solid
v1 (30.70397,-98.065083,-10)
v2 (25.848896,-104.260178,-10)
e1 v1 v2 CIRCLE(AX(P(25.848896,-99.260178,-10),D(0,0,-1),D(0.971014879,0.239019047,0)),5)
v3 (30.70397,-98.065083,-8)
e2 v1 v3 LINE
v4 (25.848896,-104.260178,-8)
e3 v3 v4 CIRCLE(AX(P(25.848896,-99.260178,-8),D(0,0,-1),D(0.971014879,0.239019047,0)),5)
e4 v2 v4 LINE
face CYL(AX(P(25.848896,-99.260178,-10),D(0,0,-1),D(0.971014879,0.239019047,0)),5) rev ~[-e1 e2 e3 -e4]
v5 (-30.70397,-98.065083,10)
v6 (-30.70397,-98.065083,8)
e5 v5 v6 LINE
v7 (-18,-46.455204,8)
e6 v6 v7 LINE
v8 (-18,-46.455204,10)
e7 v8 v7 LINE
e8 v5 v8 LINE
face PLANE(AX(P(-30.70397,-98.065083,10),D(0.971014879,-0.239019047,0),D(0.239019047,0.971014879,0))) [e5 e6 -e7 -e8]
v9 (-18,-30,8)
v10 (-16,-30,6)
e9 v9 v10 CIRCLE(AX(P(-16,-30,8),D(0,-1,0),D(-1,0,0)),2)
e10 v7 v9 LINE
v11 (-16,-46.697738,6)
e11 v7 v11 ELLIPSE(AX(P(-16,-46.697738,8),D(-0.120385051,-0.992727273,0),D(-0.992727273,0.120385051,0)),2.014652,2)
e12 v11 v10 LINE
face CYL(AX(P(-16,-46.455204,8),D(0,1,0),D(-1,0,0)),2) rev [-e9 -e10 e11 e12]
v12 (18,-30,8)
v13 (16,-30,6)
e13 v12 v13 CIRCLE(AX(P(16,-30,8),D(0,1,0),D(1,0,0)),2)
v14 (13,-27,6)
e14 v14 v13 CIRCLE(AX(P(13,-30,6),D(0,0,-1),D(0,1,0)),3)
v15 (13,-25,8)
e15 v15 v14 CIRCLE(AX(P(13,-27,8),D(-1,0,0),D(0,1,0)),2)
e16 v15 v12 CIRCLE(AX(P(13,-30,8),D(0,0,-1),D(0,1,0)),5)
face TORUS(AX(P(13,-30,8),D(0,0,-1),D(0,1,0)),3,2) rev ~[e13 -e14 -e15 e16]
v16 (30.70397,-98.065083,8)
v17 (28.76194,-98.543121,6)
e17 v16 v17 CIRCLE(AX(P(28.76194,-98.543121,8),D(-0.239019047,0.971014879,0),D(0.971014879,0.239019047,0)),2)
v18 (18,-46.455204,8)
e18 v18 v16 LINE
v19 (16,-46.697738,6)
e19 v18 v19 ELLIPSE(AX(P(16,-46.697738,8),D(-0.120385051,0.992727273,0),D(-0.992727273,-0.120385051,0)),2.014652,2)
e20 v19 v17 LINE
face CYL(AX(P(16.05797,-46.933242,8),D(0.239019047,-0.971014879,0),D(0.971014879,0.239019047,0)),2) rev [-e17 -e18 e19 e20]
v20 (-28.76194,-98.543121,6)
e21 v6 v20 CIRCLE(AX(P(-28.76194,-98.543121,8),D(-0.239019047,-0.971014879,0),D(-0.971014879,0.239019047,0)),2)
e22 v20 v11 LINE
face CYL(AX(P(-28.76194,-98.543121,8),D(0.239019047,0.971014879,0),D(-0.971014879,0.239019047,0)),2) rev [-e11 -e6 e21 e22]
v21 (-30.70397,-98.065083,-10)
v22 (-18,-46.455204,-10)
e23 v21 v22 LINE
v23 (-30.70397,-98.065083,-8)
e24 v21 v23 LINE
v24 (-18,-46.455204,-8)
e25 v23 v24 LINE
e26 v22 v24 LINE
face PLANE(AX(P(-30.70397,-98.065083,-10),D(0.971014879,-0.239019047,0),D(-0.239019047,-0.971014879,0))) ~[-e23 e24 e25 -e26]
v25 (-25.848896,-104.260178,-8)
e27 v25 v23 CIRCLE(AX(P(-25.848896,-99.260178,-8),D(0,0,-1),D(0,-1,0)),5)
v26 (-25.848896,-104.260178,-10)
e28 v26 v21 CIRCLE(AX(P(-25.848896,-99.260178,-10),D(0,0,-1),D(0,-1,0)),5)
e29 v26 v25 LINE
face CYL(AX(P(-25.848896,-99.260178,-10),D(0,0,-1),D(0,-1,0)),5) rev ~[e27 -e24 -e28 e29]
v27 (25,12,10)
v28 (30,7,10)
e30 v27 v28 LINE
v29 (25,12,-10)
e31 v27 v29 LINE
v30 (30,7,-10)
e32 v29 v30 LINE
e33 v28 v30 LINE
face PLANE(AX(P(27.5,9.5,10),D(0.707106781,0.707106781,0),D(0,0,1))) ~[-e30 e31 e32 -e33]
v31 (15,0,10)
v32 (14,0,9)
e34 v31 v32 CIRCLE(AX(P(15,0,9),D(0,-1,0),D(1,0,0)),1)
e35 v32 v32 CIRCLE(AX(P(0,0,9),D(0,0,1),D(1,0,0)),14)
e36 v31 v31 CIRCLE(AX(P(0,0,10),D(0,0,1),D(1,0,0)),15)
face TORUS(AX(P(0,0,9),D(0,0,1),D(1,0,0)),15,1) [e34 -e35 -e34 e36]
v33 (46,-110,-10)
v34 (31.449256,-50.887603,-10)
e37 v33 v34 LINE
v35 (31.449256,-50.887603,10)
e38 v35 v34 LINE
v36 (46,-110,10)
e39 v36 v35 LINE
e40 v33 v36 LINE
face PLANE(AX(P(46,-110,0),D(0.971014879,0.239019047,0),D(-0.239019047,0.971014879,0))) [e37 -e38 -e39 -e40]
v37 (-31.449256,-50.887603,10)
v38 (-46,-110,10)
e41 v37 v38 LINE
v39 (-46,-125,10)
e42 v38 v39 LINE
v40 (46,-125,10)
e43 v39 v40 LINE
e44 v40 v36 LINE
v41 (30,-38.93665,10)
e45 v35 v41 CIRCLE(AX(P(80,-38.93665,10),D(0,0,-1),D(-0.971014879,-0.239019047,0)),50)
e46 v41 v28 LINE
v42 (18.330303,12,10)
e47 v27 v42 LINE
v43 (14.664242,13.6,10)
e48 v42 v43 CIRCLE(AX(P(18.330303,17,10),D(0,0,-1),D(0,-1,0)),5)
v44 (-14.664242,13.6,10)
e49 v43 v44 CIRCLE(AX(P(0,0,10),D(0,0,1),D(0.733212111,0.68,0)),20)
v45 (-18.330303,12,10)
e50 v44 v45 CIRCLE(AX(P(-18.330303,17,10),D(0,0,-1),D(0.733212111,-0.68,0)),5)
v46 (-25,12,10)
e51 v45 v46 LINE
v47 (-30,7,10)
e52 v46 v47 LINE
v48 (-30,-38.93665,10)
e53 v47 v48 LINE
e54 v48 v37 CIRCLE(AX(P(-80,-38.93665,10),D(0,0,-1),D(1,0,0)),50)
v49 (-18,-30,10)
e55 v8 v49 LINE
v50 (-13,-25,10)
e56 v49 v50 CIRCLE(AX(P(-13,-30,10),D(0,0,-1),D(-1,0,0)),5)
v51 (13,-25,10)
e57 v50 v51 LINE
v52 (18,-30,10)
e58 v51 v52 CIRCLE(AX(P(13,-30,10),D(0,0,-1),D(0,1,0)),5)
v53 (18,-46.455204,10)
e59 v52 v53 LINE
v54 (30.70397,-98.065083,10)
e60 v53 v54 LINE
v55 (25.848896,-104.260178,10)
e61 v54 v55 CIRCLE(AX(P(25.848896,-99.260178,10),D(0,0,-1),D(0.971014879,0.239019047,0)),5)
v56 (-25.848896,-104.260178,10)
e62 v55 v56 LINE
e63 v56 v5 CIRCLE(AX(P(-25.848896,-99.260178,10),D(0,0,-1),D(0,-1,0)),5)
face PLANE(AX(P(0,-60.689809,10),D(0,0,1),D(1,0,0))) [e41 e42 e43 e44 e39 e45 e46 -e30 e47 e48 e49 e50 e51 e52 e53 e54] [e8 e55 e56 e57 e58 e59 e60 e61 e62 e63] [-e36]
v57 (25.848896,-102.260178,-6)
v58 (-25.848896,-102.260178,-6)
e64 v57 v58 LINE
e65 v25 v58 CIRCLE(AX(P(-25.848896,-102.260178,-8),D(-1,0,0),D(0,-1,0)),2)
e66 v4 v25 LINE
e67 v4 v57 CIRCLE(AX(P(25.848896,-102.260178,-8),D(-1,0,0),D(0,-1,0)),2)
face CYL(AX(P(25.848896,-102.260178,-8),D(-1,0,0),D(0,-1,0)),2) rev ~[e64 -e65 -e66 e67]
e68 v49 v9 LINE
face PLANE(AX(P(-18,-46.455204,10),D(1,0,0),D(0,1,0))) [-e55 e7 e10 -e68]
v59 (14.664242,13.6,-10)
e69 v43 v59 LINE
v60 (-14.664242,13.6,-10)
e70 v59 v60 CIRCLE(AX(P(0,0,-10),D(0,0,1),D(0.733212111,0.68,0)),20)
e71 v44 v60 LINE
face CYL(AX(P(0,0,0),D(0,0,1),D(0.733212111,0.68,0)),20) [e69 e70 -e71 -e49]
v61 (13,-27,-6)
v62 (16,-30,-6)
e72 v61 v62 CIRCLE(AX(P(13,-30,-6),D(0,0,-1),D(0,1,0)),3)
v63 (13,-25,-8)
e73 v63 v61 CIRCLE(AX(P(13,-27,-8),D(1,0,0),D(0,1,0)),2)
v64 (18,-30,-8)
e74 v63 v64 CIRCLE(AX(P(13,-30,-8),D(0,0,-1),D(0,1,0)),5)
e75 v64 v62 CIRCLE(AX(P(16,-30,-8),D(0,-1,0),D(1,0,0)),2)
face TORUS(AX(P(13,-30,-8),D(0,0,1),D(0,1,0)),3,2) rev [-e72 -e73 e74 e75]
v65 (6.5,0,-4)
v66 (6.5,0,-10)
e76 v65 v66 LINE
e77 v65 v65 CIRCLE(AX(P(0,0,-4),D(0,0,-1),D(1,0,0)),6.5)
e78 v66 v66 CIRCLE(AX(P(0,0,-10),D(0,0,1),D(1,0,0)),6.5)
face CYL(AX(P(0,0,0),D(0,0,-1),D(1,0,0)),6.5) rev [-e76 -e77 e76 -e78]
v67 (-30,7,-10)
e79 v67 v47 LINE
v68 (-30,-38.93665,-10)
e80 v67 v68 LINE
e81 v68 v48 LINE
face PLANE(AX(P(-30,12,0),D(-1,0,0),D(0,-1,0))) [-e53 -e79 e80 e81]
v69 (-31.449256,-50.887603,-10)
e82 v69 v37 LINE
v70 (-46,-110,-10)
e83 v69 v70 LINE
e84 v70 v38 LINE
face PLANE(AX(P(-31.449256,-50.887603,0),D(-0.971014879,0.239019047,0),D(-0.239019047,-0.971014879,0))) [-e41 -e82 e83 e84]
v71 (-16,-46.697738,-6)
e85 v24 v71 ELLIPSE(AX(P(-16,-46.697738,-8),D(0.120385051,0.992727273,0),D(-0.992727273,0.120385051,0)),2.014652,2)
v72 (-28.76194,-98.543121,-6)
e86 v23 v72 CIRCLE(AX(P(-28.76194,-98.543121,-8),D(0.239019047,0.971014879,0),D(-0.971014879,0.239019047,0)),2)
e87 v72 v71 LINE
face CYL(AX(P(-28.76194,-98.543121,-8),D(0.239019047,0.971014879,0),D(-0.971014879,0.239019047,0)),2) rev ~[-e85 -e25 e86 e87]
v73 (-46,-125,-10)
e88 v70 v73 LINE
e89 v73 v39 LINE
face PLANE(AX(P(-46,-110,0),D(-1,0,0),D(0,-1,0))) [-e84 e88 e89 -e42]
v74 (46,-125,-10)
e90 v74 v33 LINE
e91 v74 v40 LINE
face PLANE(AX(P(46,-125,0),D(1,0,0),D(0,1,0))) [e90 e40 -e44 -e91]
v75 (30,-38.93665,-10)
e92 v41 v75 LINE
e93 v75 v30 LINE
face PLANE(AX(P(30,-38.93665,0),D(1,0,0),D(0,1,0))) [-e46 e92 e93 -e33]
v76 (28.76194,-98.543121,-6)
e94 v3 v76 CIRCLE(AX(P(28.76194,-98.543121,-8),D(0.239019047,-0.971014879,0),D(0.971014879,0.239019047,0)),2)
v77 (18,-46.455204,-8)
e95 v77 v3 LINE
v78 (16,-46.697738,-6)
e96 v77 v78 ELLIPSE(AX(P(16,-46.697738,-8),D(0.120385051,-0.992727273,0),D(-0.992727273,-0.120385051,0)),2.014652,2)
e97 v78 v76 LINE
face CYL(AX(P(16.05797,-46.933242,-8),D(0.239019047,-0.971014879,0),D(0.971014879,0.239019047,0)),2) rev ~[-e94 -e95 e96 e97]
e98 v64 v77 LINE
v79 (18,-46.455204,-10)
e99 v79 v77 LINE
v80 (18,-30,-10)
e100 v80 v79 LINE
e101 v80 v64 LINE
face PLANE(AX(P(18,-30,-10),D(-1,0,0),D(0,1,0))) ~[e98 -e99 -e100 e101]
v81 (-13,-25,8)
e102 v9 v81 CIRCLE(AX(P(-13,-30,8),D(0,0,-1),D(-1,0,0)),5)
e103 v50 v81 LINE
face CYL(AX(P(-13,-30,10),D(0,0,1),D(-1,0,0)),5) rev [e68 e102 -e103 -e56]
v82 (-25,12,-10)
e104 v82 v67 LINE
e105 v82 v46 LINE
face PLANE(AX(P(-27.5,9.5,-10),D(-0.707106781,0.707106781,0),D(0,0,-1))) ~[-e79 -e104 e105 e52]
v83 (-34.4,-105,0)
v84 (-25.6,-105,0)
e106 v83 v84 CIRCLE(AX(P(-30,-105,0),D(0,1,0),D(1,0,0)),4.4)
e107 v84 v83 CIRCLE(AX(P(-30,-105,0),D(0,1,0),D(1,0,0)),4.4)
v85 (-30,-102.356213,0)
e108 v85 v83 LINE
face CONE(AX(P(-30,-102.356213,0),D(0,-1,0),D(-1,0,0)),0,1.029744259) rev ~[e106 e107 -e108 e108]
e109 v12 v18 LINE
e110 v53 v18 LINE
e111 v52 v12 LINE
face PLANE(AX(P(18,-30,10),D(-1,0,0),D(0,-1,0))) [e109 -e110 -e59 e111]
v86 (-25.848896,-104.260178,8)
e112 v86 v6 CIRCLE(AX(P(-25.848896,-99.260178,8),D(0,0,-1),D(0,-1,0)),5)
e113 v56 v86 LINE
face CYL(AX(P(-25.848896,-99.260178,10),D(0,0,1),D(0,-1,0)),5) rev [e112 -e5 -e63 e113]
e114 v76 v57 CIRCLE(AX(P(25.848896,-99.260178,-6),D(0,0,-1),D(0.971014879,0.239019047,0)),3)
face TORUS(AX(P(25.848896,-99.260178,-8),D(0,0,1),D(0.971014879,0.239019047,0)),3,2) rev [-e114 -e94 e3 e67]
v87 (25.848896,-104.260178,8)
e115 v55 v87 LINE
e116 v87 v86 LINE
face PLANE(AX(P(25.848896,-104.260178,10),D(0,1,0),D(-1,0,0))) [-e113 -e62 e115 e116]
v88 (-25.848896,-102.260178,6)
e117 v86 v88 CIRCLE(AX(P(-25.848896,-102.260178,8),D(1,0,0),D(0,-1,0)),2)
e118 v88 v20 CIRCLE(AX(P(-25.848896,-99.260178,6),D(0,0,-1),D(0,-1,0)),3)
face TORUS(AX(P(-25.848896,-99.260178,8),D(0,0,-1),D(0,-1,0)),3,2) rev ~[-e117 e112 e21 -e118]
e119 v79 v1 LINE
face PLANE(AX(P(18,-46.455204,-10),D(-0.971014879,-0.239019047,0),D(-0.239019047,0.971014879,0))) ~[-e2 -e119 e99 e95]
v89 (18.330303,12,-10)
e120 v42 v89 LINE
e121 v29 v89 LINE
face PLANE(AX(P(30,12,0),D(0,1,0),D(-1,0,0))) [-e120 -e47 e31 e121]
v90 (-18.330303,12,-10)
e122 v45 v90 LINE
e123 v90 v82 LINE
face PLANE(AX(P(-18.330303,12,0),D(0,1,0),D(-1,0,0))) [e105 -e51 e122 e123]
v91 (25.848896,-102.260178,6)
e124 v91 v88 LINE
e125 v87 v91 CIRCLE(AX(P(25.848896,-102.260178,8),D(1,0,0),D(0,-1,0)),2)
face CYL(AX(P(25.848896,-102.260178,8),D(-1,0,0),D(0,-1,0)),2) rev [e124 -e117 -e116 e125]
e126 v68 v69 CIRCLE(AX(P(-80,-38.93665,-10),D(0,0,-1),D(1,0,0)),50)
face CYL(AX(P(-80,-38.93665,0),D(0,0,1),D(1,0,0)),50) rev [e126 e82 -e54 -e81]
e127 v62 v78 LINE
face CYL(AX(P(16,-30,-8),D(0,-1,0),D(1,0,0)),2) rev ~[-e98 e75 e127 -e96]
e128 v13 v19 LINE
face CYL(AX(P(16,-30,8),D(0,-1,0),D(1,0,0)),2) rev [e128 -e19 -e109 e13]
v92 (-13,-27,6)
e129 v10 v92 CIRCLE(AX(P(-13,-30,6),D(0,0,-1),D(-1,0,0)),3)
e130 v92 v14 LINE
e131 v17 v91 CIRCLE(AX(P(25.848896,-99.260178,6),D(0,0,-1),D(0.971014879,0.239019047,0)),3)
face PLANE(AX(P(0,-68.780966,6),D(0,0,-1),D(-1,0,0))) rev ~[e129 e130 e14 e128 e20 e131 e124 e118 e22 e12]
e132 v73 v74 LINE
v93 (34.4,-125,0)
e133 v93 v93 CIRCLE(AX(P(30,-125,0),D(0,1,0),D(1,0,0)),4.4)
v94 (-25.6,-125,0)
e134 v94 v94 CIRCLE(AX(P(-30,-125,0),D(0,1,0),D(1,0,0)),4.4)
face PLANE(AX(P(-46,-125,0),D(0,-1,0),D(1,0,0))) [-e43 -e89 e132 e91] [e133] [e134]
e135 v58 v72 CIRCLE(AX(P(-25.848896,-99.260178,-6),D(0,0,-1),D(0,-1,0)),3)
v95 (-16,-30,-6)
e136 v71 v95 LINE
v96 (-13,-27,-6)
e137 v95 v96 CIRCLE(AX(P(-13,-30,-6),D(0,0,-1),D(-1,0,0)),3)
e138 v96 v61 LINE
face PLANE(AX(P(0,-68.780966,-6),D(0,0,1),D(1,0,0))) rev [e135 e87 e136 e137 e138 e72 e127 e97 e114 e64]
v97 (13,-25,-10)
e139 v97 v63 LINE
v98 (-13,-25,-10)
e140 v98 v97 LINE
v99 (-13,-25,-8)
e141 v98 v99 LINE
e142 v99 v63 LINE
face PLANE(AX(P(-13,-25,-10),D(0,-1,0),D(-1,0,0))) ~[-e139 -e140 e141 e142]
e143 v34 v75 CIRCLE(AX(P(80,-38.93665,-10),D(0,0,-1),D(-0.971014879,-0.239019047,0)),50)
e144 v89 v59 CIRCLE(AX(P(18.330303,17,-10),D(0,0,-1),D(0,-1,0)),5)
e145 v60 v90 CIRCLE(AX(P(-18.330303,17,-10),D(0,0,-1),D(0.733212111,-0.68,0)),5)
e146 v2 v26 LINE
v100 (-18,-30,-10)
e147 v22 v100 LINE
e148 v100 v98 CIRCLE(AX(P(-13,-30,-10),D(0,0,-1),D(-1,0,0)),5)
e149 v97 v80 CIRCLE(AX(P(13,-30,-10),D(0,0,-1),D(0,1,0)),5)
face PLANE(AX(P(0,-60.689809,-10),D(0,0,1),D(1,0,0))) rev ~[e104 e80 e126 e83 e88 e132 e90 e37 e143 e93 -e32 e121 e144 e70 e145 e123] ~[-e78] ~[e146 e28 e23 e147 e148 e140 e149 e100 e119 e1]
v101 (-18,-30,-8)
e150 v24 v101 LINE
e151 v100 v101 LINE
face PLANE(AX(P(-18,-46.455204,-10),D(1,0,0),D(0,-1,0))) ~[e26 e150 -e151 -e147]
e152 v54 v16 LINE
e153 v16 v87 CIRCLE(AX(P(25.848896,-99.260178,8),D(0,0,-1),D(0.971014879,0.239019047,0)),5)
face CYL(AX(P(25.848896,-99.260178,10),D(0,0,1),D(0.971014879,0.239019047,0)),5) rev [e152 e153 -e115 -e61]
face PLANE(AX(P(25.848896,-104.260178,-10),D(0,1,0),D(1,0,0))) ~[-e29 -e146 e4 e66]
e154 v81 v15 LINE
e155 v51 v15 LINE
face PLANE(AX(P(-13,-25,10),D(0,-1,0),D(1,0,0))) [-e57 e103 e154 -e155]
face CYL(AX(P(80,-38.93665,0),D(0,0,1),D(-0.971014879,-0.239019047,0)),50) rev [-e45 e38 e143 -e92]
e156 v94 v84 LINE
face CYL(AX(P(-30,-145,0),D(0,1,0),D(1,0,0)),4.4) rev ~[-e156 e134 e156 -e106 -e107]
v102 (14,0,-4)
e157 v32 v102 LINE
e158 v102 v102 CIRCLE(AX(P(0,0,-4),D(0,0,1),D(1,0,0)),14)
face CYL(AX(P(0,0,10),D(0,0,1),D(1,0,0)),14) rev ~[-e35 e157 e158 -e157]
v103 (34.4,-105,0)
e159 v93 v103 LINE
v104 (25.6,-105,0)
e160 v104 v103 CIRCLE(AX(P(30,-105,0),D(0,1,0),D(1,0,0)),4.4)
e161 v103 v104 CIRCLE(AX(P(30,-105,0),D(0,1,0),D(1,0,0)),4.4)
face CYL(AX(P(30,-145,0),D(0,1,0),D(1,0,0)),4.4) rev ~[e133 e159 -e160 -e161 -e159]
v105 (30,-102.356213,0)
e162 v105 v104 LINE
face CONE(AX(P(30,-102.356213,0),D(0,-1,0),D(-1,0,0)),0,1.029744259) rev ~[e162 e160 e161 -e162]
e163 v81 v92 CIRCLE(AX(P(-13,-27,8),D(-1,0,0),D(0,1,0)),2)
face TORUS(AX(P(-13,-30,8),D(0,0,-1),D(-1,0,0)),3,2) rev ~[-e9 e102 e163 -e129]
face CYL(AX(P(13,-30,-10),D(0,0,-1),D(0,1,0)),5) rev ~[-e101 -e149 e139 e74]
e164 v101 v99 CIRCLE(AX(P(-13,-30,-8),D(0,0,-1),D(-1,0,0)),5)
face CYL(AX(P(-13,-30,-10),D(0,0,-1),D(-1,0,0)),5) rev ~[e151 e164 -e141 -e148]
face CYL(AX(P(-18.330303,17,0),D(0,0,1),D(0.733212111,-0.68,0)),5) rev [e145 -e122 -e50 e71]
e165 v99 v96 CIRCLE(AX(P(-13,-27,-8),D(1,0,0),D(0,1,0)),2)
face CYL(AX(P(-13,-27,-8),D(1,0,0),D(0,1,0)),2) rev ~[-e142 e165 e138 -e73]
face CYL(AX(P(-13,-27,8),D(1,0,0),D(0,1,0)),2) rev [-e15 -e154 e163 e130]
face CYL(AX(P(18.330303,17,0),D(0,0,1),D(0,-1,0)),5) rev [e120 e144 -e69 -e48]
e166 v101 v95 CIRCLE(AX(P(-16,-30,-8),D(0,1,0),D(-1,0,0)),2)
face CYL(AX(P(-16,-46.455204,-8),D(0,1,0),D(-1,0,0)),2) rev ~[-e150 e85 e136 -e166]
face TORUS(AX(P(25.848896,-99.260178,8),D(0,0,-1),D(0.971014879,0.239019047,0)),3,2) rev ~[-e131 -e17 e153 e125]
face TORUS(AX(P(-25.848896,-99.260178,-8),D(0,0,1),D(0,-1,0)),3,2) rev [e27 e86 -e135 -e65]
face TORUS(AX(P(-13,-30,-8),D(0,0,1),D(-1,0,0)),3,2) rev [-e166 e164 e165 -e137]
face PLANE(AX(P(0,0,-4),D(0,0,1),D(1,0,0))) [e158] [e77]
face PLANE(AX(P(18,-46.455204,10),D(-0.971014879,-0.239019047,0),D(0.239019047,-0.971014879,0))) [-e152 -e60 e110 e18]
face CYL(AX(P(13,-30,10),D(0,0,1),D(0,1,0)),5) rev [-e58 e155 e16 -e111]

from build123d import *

# Parameters (mm, degrees)
SKETCH2_R                   = 6.5
BOSS_EXTRUDE1_DEPTH         = 10
M10X1_25_TAPPED_HOLE1_D     = 8.8
M10X1_25_TAPPED_HOLE1_DEPTH = 20
M10X1_25_TAPPED_HOLE1_TIP   = 2.643786724
SKETCH8_R                   = 14
CUT_EXTRUDE1_DEPTH          = 14
FILLET1_R                   = 1
CUT_EXTRUDE2_DEPTH          = 4
FILLET2_R                   = 2
FILLET2_OF_MIRROR1_R        = 2
CHAMFER1_SIZE               = 5


with BuildPart() as part:
    # Sketch2 → Boss-Extrude1 (new body, symmetric)
    with BuildSketch(Plane.XY):
        with BuildLine():
            Line((-18.33030278, 12), (-30, 12))
            Line((-30, 12), (-30, -38.93665036))
            ThreePointArc((-30, -38.93665036), (-30.363636327, -44.955902916), (-31.449256053, -50.887602716))
            Line((-31.449256053, -50.887602716), (-46, -110))
            Line((-46, -110), (-46, -125))
            Line((-46, -125), (46, -125))
            Line((46, -125), (46, -110))
            Line((46, -110), (31.449256053, -50.887602716))
            ThreePointArc((31.449256053, -50.887602716), (30.363636327, -44.955902916), (30, -38.93665036))
            Line((30, -38.93665036), (30, 12))
            Line((30, 12), (18.33030278, 12))
            ThreePointArc((18.33030278, 12), (16.33030278, 12.417424305), (14.664242224, 13.6))
            ThreePointArc((14.664242224, 13.6), (0, 20), (-14.664242224, 13.6))
            ThreePointArc((-14.664242224, 13.6), (-16.33030278, 12.417424305), (-18.33030278, 12))
        make_face()
        Circle(SKETCH2_R, mode=Mode.SUBTRACT)
    extrude(amount=BOSS_EXTRUDE1_DEPTH, both=True)

    # M10x1.25 Tapped Hole1
    with Locations(Plane(origin=(0, -125, 0), x_dir=(-1, 0, 0), z_dir=(0, -1, 0))):
        with Locations((30, 0), (-30, 0)):
            Hole(M10X1_25_TAPPED_HOLE1_D / 2, depth=M10X1_25_TAPPED_HOLE1_DEPTH)
            with Locations((0, 0, -(M10X1_25_TAPPED_HOLE1_DEPTH + M10X1_25_TAPPED_HOLE1_TIP / 2))):  # 118° drill point
                Cone(0, M10X1_25_TAPPED_HOLE1_D / 2, M10X1_25_TAPPED_HOLE1_TIP, mode=Mode.SUBTRACT)

    # Sketch8 → Cut-Extrude1 (cut)
    with BuildSketch(Plane.XY.offset(10)):
        Circle(SKETCH8_R)
    extrude(amount=-CUT_EXTRUDE1_DEPTH, mode=Mode.SUBTRACT)

    # Fillet1
    fillet1_edges = [part.edges().sort_by_distance(p)[0] for p in [
        (-14, 0, 10),
    ]]
    fillet(fillet1_edges, radius=FILLET1_R)

    # Sketch9 → Cut-Extrude2 (cut)
    with BuildSketch(Plane.XY.offset(10)):
        with BuildLine():
            Line((-30.703970126, -98.065082549), (-18, -46.455203914))
            Line((-18, -46.455203914), (-18, -30))
            ThreePointArc((-18, -30), (-16.535533906, -26.464466094), (-13, -25))
            Line((-13, -25), (13, -25))
            ThreePointArc((13, -25), (16.535533906, -26.464466094), (18, -30))
            Line((18, -30), (18, -46.455203914))
            Line((18, -46.455203914), (30.703970126, -98.065082549))
            ThreePointArc((30.703970126, -98.065082549), (29.784342096, -102.344373289), (25.848895731, -104.260177784))
            Line((25.848895731, -104.260177784), (-25.848895731, -104.260177784))
            ThreePointArc((-25.848895731, -104.260177784), (-29.784342096, -102.344373289), (-30.703970126, -98.065082549))
        make_face()
    cut_extrude2 = extrude(amount=-CUT_EXTRUDE2_DEPTH, mode=Mode.SUBTRACT)

    # Fillet2
    fillet2_edges = [part.edges().sort_by_distance(p)[0] for p in [
        (-18, -38.227601957, 6),
        (-16.535533906, -26.464466094, 6),
        (0, -25, 6),
        (16.535533906, -26.464466094, 6),
        (18, -38.227601957, 6),
        (24.351985063, -72.260143231, 6),
        (29.784342096, -102.344373289, 6),
        (0, -104.260177784, 6),
        (-29.784342096, -102.344373289, 6),
        (-24.351985063, -72.260143231, 6),
    ]]
    fillet(fillet2_edges, radius=FILLET2_R)

    # Mirror1: Cut-Extrude2 across plane
    add(cut_extrude2.mirror(Plane.XY), mode=Mode.SUBTRACT)

    # Fillet2 of Mirror1
    fillet2_of_mirror1_edges = [part.edges().sort_by_distance(p)[0] for p in [
        (-18, -38.227601957, -6),
        (-16.535533906, -26.464466094, -6),
        (0, -25, -6),
        (16.535533906, -26.464466094, -6),
        (18, -38.227601957, -6),
        (24.351985063, -72.260143231, -6),
        (29.784342096, -102.344373289, -6),
        (0, -104.260177784, -6),
        (-29.784342096, -102.344373289, -6),
        (-24.351985063, -72.260143231, -6),
    ]]
    fillet(fillet2_of_mirror1_edges, radius=FILLET2_OF_MIRROR1_R)

    # Chamfer1
    chamfer1_edges = [part.edges().sort_by_distance(p)[0] for p in [
        (30, 12, 0),
        (-30, 12, 0),
    ]]
    chamfer(chamfer1_edges, length=CHAMFER1_SIZE)


solid = part.part
